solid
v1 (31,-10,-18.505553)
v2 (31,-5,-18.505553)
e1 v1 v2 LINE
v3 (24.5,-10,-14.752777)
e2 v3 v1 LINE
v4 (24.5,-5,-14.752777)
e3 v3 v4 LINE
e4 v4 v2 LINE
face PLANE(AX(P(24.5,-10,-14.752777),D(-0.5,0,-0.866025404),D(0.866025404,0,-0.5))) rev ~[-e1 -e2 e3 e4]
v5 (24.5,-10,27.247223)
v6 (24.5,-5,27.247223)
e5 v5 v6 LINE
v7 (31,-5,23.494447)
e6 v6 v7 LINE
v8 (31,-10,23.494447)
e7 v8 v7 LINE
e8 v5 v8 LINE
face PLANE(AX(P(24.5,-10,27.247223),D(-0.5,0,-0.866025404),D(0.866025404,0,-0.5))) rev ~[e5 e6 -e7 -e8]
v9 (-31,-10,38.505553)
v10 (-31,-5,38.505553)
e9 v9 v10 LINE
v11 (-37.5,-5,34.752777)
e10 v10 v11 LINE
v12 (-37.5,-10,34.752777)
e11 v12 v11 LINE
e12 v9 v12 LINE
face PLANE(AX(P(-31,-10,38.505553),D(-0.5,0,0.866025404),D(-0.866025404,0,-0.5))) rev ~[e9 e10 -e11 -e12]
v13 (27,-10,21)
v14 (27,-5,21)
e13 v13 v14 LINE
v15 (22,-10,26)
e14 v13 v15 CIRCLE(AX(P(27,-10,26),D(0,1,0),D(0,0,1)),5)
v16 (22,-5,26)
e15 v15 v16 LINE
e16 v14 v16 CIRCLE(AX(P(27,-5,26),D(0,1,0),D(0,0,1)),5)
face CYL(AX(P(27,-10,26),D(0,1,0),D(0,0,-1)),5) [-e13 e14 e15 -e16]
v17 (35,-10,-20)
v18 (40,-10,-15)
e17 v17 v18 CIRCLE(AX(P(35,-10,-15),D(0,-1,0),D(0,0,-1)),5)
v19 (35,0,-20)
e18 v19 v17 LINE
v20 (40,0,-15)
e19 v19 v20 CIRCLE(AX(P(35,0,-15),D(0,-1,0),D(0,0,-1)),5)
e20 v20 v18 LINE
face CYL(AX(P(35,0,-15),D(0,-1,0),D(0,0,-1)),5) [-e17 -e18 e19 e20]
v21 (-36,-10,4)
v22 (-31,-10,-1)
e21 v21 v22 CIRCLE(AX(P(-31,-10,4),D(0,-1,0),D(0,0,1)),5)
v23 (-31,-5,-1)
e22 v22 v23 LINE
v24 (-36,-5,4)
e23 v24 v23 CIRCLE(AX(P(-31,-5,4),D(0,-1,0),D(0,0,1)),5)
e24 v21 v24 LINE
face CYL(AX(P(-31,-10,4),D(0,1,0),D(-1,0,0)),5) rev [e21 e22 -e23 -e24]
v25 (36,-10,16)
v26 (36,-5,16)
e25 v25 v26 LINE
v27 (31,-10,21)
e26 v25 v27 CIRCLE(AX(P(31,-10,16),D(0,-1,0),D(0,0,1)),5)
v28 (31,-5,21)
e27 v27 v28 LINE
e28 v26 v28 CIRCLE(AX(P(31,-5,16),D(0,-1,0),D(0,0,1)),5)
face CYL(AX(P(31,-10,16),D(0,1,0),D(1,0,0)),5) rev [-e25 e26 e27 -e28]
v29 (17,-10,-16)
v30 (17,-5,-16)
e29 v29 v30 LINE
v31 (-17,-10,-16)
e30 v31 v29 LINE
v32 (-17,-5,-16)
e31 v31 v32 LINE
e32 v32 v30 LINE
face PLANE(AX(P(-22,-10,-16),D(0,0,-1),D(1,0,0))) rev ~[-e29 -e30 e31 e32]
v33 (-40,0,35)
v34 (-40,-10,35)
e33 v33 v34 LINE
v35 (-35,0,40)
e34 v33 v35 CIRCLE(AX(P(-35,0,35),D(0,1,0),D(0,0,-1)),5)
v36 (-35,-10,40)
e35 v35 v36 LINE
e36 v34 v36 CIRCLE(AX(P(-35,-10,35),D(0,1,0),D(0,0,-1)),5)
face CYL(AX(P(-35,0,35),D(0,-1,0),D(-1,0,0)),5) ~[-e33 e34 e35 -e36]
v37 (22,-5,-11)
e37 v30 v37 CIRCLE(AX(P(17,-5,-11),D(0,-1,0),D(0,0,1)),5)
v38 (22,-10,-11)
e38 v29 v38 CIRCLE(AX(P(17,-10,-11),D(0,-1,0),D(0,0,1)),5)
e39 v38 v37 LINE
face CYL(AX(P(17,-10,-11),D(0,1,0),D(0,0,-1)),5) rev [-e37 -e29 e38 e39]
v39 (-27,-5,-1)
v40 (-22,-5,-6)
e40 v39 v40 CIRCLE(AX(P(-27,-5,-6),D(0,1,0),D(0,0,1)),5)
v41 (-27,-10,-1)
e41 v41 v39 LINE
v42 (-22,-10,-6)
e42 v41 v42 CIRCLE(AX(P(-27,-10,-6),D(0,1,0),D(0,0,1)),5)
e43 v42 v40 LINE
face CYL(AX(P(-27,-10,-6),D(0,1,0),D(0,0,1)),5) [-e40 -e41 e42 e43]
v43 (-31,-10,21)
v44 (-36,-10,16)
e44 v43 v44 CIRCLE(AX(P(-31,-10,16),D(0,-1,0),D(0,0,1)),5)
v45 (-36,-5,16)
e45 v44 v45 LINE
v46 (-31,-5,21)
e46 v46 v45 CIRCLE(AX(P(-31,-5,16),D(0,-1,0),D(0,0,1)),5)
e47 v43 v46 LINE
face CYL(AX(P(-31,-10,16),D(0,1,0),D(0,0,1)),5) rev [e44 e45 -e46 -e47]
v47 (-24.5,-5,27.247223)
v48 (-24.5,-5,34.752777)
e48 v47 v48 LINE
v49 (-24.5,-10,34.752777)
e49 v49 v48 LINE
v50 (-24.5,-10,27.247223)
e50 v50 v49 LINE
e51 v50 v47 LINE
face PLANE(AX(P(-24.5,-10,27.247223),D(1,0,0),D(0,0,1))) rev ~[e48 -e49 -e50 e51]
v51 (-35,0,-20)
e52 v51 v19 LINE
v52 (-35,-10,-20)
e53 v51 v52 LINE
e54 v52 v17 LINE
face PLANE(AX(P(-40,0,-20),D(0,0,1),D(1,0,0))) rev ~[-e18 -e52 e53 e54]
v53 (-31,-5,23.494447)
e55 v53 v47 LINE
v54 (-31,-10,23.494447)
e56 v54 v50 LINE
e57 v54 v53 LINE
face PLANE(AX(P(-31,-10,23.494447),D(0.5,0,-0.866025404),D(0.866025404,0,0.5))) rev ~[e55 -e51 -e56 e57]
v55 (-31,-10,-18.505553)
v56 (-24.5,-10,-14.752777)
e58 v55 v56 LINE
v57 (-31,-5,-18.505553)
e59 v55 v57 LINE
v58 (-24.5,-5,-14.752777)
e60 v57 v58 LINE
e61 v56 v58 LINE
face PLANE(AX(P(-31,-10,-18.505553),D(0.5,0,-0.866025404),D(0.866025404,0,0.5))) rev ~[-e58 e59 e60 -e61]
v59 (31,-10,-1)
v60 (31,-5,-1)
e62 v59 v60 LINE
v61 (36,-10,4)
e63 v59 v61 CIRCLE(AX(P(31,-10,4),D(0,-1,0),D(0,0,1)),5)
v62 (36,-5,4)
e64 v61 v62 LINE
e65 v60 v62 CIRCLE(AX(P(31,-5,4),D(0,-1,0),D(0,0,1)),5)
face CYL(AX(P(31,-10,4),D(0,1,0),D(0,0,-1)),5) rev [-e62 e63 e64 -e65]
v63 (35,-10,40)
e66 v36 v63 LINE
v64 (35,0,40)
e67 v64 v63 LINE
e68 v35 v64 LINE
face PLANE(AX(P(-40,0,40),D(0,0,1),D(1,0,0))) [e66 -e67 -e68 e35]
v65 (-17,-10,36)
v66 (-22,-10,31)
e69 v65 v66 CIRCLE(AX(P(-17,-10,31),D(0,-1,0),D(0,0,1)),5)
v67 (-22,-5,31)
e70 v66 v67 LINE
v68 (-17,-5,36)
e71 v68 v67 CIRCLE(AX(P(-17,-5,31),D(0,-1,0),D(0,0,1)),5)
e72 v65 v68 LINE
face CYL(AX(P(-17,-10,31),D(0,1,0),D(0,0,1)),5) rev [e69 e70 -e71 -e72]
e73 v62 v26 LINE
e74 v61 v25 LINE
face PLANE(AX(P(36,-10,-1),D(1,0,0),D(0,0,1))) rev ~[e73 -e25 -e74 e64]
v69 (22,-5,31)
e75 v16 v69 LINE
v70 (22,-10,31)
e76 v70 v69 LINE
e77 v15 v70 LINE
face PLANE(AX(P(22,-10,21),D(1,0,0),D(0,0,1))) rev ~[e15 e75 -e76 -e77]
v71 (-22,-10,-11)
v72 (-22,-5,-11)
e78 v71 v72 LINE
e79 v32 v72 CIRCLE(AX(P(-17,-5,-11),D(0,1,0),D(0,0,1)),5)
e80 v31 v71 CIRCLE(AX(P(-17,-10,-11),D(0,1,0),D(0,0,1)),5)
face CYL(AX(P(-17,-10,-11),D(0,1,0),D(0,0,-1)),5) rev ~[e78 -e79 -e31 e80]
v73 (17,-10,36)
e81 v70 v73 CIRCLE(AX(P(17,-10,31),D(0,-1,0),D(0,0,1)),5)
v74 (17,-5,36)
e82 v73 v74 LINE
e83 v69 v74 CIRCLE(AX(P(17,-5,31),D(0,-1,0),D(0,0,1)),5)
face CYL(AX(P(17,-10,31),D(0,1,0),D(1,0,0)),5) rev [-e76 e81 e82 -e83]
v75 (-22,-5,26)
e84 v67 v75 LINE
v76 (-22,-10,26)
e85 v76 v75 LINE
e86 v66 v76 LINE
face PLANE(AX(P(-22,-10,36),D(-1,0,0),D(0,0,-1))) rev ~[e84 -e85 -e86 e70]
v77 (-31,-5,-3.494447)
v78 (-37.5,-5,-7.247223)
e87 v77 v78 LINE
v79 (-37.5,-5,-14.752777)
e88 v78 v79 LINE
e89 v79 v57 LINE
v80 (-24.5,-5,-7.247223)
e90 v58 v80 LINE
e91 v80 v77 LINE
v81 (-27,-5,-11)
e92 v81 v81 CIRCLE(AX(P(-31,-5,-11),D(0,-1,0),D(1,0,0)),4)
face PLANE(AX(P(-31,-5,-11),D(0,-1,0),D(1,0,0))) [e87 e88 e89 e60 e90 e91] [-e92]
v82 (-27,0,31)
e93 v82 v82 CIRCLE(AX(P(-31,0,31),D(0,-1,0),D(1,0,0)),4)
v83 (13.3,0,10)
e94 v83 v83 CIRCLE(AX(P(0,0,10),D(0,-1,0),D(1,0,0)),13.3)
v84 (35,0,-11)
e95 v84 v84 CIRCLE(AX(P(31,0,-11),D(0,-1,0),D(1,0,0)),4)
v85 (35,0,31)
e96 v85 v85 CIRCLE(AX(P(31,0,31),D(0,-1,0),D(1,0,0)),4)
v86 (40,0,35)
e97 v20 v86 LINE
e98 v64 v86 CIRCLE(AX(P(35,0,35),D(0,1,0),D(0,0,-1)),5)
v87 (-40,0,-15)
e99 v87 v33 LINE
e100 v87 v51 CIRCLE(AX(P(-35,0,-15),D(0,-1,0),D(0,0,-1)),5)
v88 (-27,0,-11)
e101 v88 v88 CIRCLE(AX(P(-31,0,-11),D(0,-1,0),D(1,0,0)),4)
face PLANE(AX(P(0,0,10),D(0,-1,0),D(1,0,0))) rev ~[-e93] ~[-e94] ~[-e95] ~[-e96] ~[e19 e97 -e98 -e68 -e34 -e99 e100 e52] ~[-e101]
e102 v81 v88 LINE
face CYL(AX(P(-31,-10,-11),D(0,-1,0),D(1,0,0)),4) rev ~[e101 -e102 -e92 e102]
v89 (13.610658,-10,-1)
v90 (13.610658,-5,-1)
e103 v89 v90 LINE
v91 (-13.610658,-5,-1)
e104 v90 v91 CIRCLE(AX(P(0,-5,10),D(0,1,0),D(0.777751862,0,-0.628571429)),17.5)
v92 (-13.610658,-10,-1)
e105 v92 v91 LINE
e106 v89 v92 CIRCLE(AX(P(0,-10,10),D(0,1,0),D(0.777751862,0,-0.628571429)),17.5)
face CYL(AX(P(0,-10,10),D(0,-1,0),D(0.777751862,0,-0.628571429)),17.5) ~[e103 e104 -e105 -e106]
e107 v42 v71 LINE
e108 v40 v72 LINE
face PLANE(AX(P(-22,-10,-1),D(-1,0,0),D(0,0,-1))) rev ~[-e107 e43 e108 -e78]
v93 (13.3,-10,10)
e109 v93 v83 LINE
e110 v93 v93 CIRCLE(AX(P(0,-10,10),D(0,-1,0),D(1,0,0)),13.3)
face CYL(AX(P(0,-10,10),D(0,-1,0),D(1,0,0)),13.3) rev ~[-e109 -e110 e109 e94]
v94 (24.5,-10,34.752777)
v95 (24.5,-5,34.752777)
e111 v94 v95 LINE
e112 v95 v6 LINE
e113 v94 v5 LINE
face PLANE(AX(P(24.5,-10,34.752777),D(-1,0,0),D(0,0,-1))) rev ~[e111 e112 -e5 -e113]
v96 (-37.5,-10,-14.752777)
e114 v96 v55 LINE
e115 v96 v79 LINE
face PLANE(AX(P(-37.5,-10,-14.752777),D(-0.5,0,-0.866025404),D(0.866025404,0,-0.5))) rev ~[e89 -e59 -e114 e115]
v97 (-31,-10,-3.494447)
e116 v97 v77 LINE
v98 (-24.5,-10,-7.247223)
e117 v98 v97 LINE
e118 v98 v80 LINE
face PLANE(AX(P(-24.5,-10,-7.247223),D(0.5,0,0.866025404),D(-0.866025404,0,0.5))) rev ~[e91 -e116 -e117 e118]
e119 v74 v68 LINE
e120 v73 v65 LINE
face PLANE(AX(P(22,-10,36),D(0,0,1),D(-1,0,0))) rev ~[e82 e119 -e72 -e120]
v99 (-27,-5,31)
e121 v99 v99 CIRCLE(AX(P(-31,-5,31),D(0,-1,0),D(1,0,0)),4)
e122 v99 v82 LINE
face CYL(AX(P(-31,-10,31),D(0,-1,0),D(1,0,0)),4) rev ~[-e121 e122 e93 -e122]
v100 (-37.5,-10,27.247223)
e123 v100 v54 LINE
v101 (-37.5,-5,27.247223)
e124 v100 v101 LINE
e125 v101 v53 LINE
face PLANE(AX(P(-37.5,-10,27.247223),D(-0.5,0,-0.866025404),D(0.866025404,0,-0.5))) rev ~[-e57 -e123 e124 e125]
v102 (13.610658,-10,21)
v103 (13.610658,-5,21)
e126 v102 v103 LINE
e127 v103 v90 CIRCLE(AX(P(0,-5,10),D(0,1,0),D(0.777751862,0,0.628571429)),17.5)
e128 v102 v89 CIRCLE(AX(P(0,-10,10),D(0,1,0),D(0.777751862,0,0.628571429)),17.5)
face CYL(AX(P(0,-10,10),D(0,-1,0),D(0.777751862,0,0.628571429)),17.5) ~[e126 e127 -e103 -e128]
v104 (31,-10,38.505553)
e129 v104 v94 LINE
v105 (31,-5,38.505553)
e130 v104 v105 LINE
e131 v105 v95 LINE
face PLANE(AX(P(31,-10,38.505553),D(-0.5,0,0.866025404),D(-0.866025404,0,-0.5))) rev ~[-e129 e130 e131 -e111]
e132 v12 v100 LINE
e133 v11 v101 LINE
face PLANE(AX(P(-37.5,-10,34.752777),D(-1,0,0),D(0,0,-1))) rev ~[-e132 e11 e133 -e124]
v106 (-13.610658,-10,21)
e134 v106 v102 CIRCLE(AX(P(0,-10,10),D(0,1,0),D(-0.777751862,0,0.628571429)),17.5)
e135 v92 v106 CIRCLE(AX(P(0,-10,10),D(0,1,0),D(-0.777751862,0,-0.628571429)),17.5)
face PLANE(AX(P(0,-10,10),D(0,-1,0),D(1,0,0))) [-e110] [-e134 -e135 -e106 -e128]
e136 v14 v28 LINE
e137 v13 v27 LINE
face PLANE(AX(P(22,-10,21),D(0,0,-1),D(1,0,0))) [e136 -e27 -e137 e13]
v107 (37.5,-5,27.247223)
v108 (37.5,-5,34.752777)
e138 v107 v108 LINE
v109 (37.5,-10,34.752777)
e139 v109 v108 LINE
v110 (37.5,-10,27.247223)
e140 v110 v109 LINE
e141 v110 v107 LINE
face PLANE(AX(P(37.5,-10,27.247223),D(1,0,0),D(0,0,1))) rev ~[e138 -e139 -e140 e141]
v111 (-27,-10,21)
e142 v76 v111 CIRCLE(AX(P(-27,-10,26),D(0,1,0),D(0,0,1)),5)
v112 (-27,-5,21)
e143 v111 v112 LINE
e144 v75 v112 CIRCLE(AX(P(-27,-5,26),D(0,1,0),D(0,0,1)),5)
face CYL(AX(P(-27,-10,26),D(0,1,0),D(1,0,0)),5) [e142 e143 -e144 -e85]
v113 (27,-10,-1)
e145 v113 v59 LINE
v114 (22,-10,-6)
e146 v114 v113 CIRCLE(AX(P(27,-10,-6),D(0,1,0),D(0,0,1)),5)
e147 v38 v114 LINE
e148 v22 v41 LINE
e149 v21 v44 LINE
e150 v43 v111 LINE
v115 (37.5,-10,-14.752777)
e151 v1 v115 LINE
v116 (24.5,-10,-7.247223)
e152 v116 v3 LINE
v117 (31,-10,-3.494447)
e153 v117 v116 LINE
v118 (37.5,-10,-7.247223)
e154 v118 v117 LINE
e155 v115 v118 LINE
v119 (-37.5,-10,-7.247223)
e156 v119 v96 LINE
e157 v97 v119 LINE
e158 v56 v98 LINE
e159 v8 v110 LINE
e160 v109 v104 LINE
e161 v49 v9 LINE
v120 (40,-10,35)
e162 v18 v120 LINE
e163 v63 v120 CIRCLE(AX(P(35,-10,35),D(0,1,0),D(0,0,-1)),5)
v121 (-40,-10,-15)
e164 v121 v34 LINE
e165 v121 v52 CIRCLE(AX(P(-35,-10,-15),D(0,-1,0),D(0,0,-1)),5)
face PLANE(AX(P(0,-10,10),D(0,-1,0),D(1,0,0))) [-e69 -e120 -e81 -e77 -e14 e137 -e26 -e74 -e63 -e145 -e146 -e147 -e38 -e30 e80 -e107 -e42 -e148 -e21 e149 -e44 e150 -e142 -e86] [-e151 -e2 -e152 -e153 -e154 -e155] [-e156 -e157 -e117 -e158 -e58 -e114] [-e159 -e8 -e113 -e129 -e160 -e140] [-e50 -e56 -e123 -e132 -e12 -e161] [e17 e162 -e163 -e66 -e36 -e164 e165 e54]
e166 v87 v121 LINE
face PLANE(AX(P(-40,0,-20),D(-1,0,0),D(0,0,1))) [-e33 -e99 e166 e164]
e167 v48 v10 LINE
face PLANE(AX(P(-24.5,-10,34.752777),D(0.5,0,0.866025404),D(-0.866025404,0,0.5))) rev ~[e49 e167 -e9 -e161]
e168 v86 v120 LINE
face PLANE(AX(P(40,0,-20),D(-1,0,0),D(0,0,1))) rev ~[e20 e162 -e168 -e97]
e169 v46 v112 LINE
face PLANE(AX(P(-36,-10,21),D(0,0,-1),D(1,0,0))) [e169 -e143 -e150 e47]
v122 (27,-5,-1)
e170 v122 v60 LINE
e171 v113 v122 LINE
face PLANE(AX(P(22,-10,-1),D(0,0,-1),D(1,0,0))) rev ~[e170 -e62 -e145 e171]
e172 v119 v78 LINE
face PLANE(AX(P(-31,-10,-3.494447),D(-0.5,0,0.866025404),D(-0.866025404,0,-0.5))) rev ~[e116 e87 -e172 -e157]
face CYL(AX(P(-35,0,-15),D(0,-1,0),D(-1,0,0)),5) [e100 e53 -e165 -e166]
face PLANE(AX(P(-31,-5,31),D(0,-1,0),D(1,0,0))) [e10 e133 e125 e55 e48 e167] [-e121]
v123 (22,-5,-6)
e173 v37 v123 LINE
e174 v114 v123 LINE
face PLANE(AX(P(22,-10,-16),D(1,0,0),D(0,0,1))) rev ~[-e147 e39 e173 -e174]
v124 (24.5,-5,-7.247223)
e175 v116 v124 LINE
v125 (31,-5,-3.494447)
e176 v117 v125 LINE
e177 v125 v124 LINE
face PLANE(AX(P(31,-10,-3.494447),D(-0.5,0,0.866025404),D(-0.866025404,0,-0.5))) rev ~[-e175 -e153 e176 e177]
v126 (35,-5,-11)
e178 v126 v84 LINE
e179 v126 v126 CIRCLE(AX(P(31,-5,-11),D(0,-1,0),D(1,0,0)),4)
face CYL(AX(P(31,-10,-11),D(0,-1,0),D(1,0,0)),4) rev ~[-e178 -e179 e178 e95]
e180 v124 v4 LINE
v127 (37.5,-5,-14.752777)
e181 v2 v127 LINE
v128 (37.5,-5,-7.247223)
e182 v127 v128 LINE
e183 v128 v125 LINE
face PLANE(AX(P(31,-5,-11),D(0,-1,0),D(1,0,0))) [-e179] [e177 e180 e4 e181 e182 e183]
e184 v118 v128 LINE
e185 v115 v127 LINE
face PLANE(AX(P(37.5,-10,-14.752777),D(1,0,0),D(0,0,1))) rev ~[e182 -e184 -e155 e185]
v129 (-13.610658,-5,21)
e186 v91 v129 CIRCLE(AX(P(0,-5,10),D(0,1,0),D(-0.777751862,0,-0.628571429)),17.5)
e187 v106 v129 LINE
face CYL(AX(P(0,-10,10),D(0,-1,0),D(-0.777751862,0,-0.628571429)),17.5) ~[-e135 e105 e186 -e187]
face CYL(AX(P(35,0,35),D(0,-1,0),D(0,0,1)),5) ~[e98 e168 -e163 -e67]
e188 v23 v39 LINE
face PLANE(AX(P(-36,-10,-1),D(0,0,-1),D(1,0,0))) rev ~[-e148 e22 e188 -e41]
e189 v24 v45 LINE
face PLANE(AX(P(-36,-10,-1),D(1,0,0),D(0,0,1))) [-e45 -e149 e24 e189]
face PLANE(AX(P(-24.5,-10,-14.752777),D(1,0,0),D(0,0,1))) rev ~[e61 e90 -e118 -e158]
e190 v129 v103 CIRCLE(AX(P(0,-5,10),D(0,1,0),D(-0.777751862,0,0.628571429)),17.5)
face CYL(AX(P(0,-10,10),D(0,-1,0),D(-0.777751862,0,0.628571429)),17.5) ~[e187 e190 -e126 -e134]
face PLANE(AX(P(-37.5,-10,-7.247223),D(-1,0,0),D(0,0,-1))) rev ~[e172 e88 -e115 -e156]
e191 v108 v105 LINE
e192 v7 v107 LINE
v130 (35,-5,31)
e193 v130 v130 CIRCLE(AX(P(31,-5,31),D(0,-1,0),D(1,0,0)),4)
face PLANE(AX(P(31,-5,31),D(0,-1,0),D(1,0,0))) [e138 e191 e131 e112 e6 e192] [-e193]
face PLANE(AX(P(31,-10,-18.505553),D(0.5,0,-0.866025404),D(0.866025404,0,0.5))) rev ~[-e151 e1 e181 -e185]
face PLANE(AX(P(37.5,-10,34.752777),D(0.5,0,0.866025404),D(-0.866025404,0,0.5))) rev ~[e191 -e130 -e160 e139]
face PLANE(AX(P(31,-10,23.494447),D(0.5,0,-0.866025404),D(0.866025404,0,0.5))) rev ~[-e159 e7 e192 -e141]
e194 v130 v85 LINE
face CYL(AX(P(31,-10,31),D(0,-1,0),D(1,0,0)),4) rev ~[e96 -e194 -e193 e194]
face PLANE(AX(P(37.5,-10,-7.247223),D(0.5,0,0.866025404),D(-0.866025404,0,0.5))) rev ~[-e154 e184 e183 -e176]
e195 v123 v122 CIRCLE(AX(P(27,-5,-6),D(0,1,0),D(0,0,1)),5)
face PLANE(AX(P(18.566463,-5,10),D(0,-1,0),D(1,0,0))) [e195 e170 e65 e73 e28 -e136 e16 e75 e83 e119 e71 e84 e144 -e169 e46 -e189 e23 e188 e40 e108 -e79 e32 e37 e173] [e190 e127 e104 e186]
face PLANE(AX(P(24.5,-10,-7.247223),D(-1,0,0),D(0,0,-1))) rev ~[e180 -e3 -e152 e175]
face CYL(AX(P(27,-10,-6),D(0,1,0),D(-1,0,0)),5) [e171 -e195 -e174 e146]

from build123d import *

# Parameters (mm, degrees)
F0_W     = 80
F0_H     = 60
F1_DEPTH = 10
F2_R     = 13.3
F3_DEPTH = 10.001
F4_R     = 4
F5_DEPTH = 10.001
F6_R     = 5
F7_W     = 14
F7_H     = 22
F8_DEPTH = 5
F9_R     = 5


with BuildPart() as f1:
    # F0 (on Front) → F1 (new body)
    with BuildSketch(Plane.XZ):
        with Locations((0, 10)):
            Rectangle(F0_W, F0_H)
    extrude(amount=F1_DEPTH)

    # F2 (on face) → F3 (cut, through all)
    with BuildSketch(Plane.XZ.offset(10)):
        with Locations((0, 10)):
            Circle(F2_R)
    extrude(amount=-F3_DEPTH, mode=Mode.SUBTRACT)

    # F4 (on face) → F5 (cut, through all)
    with BuildSketch(Plane.XZ.offset(10)):
        with Locations((-31, 31)):
            Circle(F4_R)
        with Locations((31, 31)):
            Circle(F4_R)
        with Locations((-31, -11)):
            Circle(F4_R)
        with Locations((31, -11)):
            Circle(F4_R)
    extrude(amount=-F5_DEPTH, mode=Mode.SUBTRACT)

    # F6
    f6_edges = [f1.edges().sort_by_distance(p)[0] for p in [
        (40, -5, 40),
        (40, -5, -20),
        (-40, -5, -20),
        (-40, -5, 40),
    ]]
    fillet(f6_edges, radius=F6_R)

    # F7 (on face) → F8 (cut)
    with BuildSketch(Plane.XZ.offset(10)):
        Polygon((-24.5, 34.7527767497), (-31, 38.5055534995), (-37.5, 34.7527767497), (-37.5, 27.2472232503), (-31, 23.4944465005), (-24.5, 27.2472232503), align=None)
        Polygon((24.5, 34.7527767497), (24.5, 27.2472232503), (31, 23.4944465005), (37.5, 27.2472232503), (37.5, 34.7527767497), (31, 38.5055534995), align=None)
        Polygon((24.5, -7.2472232503), (24.5, -14.7527767497), (31, -18.5055534995), (37.5, -14.7527767497), (37.5, -7.2472232503), (31, -3.4944465005), align=None)
        Polygon((-24.5, -7.2472232503), (-31, -3.4944465005), (-37.5, -7.2472232503), (-37.5, -14.7527767497), (-31, -18.5055534995), (-24.5, -14.7527767497), align=None)
        with BuildLine():
            ThreePointArc((13.6106575888, 21), (16.499037969, 15.8336734651), (17.5, 10))
            ThreePointArc((17.5, 10), (16.499037969, 4.1663265349), (13.6106575888, -1))
            Line((13.6106575888, -1), (22, -1))
            Line((22, -1), (22, 21))
            Line((22, 21), (13.6106575888, 21))
        make_face()
        with BuildLine():
            ThreePointArc((-13.6106575888, 21), (0, 27.5), (13.6106575888, 21))
            Line((13.6106575888, 21), (22, 21))
            Line((22, 21), (22, 36))
            Line((22, 36), (-22, 36))
            Line((-22, 36), (-22, 21))
            Line((-22, 21), (-13.6106575888, 21))
        make_face()
        with BuildLine():
            Line((22, -1), (13.6106575888, -1))
            ThreePointArc((13.6106575888, -1), (0, -7.5), (-13.6106575888, -1))
            Line((-13.6106575888, -1), (-22, -1))
            Line((-22, -1), (-22, -16))
            Line((-22, -16), (22, -16))
            Line((22, -16), (22, -1))
        make_face()
        with BuildLine():
            ThreePointArc((-13.6106575888, -1), (-17.5, 10), (-13.6106575888, 21))
            Line((-13.6106575888, 21), (-22, 21))
            Line((-22, 21), (-22, -1))
            Line((-22, -1), (-13.6106575888, -1))
        make_face()
        with Locations((29, 10)):
            Rectangle(F7_W, F7_H)
        with Locations((-29, 10)):
            Rectangle(F7_W, F7_H)
    extrude(amount=-F8_DEPTH, mode=Mode.SUBTRACT)

    # F9
    f9_edges = [f1.edges().sort_by_distance(p)[0] for p in [
        (-22, -7.5, 21),
        (-36, -7.5, 21),
        (-22, -7.5, 36),
        (22, -7.5, 36),
        (22, -7.5, 21),
        (36, -7.5, 21),
        (-36, -7.5, -1),
        (-22, -7.5, -1),
        (-22, -7.5, -16),
        (36, -7.5, -1),
        (22, -7.5, -1),
        (22, -7.5, -16),
    ]]
    fillet(f9_edges, radius=F9_R)


solid = f1.part
